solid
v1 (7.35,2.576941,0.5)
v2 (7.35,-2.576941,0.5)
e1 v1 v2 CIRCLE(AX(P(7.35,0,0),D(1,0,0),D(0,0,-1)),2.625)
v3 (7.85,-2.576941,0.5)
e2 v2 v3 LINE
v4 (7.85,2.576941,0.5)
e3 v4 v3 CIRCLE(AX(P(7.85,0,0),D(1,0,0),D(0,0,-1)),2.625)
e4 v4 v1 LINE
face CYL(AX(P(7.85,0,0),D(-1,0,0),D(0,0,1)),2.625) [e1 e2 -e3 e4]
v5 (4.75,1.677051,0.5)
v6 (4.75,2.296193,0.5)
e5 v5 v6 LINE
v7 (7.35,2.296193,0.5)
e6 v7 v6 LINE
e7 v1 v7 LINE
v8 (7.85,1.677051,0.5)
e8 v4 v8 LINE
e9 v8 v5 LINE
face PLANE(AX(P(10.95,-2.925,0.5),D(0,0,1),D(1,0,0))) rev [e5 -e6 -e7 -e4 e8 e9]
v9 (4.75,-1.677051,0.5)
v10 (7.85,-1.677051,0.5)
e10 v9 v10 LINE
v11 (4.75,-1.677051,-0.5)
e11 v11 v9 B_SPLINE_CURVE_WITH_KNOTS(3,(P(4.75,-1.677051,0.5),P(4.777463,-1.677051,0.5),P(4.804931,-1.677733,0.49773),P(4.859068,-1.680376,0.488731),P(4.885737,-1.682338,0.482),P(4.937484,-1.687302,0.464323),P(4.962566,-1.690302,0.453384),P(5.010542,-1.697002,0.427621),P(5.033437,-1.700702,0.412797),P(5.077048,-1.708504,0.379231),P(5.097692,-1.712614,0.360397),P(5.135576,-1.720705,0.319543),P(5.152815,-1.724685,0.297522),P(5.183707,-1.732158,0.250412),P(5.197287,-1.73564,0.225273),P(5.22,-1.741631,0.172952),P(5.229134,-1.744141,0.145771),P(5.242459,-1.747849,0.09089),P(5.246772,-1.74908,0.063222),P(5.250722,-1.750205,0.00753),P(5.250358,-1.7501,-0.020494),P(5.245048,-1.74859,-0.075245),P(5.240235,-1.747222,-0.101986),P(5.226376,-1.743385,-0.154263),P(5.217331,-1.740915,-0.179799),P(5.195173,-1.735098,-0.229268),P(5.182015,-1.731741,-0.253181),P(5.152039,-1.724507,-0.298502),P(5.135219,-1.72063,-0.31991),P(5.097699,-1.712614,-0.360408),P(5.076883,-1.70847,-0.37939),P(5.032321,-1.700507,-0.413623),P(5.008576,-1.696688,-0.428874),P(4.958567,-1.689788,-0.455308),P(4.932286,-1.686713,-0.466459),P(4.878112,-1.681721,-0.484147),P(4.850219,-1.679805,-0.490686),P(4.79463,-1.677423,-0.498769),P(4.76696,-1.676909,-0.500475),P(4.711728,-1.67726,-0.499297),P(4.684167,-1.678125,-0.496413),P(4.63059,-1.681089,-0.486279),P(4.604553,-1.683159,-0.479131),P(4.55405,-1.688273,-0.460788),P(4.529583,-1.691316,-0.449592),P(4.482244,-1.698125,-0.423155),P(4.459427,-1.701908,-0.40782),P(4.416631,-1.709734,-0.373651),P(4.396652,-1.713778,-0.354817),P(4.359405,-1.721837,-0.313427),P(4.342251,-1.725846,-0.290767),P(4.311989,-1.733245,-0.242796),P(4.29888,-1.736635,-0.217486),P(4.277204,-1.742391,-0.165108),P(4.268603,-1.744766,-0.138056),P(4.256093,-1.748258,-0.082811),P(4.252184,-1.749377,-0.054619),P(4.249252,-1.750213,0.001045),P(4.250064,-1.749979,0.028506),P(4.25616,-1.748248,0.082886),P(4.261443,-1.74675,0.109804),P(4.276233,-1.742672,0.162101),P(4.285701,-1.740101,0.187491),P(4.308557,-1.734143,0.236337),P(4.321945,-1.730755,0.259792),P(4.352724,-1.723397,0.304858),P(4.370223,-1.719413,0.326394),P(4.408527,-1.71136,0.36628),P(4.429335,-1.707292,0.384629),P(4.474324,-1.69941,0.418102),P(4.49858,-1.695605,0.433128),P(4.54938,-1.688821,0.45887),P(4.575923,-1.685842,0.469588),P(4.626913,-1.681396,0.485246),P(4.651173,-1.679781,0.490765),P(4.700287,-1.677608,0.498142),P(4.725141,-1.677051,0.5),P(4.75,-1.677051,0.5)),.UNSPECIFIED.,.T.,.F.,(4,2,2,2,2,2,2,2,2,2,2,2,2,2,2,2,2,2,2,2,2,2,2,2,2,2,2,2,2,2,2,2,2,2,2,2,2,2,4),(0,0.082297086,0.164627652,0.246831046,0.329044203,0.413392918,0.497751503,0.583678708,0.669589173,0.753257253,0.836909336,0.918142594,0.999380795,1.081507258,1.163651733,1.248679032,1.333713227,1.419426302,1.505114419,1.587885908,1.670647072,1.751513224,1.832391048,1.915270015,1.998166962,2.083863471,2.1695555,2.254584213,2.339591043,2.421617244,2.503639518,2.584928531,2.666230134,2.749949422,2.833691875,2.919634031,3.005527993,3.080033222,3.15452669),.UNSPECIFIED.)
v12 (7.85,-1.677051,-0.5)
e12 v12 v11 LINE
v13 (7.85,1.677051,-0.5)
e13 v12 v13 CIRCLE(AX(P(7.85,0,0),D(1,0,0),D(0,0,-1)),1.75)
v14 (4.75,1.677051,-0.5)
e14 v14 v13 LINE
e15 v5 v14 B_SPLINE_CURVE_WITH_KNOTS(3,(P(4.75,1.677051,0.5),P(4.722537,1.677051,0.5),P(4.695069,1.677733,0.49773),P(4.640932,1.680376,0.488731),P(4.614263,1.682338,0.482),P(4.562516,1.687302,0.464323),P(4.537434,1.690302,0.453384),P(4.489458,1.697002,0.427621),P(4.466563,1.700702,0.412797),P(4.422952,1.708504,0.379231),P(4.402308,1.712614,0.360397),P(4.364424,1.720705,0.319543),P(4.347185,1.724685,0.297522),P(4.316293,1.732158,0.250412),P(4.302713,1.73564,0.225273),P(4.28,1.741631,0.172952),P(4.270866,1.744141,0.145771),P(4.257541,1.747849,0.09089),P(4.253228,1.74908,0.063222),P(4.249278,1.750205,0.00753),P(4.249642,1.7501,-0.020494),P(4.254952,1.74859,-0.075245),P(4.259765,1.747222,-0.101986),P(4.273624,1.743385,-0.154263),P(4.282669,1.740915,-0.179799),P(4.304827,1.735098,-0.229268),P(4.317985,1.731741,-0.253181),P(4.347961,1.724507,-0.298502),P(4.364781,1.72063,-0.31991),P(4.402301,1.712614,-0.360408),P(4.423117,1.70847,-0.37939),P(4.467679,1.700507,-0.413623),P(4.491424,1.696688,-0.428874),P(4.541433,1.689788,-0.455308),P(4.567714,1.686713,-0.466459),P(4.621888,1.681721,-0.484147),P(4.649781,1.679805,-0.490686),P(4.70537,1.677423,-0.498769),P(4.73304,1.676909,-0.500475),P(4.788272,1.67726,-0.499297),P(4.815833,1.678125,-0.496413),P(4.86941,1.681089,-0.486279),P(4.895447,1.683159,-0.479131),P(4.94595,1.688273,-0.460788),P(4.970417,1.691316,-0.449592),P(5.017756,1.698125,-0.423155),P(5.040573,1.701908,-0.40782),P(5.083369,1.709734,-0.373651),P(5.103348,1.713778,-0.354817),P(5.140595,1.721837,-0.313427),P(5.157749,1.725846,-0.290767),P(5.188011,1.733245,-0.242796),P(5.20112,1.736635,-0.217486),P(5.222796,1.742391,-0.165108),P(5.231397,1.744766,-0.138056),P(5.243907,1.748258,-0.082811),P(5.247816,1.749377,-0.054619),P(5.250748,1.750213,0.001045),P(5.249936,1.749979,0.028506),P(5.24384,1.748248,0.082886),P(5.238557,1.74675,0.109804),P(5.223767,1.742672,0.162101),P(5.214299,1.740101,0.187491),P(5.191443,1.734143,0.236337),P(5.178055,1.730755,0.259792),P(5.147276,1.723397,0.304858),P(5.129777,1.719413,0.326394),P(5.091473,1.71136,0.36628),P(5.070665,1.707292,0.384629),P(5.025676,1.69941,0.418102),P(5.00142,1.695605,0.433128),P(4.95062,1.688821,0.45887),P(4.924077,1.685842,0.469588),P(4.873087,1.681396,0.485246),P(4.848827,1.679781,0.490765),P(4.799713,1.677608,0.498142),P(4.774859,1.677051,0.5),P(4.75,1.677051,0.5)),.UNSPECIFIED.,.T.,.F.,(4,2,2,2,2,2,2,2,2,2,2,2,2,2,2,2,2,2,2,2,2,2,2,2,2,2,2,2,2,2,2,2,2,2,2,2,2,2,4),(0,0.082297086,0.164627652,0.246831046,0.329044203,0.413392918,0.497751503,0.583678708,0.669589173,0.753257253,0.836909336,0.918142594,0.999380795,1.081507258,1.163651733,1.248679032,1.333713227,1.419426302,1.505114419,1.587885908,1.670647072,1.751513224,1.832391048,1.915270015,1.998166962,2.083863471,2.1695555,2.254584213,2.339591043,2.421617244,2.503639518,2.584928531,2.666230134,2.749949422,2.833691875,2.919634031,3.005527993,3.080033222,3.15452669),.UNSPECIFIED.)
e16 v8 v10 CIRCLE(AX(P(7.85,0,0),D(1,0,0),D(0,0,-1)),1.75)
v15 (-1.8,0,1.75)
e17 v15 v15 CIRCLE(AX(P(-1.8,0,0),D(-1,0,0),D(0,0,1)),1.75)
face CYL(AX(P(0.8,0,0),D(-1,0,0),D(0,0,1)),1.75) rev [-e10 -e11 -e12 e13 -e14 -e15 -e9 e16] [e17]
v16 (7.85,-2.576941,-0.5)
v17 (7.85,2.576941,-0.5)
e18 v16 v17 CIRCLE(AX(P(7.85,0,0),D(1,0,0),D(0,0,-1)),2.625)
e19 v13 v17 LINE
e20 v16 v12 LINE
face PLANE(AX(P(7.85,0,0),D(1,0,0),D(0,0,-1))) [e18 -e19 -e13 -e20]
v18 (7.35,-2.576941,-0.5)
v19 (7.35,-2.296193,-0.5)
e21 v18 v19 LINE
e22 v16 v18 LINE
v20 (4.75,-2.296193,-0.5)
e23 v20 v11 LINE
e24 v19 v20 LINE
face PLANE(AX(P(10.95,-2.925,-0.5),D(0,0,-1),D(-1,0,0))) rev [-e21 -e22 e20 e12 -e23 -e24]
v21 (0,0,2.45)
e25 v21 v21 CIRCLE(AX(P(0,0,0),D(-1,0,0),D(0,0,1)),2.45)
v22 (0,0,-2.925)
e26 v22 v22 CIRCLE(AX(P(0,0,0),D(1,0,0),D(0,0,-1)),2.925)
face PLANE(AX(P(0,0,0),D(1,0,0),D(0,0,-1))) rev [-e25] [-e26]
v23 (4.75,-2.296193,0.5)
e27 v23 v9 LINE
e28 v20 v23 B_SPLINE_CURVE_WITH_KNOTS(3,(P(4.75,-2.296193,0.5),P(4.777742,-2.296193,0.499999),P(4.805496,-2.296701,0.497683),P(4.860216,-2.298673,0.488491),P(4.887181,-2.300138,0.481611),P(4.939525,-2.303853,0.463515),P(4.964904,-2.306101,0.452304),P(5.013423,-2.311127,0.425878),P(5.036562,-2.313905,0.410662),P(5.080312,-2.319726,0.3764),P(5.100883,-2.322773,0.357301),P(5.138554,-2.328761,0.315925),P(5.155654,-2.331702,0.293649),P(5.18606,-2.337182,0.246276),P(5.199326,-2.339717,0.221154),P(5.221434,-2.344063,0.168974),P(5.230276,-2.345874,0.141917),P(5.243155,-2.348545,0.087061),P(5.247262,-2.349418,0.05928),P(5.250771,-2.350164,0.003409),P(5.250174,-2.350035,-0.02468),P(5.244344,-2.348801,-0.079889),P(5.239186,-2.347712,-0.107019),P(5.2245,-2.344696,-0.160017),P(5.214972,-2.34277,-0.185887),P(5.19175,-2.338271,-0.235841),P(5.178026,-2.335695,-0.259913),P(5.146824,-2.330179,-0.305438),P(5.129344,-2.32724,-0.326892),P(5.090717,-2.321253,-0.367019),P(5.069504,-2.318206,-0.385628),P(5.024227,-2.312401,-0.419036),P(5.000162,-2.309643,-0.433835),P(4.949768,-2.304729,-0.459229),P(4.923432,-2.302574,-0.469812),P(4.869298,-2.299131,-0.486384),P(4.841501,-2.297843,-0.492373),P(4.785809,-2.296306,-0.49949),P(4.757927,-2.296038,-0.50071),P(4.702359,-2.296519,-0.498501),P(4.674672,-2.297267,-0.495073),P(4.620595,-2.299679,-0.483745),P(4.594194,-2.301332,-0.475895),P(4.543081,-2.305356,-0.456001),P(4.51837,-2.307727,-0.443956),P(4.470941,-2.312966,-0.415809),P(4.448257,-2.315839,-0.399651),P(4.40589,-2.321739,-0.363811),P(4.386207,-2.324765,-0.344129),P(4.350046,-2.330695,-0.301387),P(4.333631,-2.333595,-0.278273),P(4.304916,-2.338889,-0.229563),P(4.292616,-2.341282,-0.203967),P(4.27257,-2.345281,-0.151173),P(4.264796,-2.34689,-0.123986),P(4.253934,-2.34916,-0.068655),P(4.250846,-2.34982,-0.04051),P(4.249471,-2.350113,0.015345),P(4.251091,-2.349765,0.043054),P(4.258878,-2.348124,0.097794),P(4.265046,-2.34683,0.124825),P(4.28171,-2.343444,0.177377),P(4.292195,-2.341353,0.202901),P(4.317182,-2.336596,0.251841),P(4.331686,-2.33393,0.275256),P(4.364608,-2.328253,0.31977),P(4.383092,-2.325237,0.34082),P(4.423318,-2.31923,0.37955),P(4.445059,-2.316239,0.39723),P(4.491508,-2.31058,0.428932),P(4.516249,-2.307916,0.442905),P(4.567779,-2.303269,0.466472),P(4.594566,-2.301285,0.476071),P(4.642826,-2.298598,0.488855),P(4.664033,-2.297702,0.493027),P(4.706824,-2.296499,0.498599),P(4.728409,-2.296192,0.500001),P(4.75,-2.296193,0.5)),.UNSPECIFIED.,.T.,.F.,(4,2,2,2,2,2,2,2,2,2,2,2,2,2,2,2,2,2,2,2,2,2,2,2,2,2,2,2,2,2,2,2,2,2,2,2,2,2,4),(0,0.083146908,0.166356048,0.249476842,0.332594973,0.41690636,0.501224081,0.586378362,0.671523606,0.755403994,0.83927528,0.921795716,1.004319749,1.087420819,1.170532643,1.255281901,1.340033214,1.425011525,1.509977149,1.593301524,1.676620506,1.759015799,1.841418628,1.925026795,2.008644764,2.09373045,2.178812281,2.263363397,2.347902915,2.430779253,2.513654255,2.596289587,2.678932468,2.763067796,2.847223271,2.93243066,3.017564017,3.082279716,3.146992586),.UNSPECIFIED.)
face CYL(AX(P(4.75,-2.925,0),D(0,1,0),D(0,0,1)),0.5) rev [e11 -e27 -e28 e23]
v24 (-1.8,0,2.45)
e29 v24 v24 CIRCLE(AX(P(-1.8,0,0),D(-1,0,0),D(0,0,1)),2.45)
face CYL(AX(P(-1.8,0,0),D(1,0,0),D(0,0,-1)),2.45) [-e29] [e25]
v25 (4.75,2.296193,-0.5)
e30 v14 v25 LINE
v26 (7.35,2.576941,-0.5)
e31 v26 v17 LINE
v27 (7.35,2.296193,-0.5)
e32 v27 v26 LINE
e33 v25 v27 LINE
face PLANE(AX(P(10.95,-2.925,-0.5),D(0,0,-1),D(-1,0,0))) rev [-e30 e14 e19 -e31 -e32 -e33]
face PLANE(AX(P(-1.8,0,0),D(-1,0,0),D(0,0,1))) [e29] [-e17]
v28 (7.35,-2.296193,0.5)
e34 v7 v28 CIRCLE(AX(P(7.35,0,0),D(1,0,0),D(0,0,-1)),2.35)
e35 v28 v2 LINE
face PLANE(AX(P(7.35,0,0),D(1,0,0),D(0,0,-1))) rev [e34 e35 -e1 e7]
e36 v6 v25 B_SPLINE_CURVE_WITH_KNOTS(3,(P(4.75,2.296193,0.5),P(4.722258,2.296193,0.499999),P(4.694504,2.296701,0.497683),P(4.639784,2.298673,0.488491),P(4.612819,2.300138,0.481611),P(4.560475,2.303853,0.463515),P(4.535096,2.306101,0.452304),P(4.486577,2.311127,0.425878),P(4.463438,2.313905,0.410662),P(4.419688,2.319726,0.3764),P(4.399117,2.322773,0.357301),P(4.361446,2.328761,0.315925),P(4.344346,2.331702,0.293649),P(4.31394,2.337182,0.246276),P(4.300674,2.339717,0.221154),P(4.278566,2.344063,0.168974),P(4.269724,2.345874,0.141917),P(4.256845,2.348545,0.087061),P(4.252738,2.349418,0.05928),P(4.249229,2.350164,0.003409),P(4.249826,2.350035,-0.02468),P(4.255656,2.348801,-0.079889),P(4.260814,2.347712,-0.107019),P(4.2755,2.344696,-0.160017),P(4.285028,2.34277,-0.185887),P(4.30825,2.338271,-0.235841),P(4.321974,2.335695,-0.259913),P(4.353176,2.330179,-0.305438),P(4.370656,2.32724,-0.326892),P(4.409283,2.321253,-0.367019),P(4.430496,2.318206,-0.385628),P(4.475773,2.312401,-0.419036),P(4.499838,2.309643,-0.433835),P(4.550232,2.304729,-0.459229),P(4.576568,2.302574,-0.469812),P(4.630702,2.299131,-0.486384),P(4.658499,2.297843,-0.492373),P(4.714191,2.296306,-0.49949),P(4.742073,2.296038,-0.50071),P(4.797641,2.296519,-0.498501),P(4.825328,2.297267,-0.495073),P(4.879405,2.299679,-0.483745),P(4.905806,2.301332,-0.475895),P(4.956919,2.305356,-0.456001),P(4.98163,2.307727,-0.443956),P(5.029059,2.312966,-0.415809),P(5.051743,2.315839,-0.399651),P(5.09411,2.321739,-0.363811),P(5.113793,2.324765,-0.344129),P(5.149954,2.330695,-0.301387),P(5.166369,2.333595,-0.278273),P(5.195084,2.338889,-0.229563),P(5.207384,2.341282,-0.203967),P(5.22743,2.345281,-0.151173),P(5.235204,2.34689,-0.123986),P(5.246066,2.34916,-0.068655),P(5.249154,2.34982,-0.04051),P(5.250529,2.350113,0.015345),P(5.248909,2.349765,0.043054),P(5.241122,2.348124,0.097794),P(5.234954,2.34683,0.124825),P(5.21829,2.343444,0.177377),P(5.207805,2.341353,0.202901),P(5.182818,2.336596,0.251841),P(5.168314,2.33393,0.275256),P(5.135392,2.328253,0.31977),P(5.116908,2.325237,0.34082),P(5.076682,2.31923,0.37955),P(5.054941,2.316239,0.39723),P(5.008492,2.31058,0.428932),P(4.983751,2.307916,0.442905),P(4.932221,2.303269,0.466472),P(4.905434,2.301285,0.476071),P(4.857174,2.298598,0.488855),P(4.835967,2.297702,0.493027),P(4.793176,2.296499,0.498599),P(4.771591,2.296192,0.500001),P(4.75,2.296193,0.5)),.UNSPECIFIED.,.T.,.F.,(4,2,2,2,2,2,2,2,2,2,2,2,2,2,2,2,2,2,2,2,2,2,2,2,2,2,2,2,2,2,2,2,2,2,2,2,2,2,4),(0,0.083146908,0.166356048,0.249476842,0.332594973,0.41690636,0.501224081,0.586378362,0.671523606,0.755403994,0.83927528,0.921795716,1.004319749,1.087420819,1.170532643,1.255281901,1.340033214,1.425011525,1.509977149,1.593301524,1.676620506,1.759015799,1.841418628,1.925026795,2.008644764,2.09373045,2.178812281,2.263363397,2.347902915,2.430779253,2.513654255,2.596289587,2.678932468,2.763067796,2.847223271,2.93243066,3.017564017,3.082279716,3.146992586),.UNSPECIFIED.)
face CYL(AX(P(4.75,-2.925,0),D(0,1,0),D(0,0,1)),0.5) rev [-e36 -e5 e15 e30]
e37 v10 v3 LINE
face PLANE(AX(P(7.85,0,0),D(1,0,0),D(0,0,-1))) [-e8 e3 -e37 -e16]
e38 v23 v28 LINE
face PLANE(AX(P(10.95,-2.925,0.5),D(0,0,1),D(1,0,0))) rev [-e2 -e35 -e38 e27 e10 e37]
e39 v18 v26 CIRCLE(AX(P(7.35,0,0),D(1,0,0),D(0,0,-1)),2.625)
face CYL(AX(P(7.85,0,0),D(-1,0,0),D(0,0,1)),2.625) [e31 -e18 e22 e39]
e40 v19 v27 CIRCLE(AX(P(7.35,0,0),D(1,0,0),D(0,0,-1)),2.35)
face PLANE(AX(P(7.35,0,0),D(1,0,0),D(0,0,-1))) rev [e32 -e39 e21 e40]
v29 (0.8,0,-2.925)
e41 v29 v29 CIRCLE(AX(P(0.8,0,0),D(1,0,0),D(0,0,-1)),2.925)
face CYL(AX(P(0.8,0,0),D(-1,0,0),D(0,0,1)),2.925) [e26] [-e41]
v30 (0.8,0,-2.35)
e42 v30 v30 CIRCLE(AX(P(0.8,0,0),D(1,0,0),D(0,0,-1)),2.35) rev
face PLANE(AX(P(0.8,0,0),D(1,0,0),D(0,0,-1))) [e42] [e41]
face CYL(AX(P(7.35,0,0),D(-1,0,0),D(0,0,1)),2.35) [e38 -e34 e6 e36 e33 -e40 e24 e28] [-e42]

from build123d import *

# Parameters (mm, degrees)
SKETCH1_R             = 2.925
SKETCH1_R_2           = 1.75
MIDDLE_RING_DEPTH     = 0.8
SKETCH2_R             = 2.35
SKETCH2_R_2           = 1.75
OUTER_BODY_DEPTH      = 7.35
SKETCH3_R             = 2.625
SKETCH3_R_2           = 1.75
OUTER_RIM_DEPTH       = 0.5
SIDE_SLOTS_DEPTH      = 9.873204044
SIDE_SLOTS_DEPTH_BACK = 9.873204044
STUD_START            = 1.8
SKETCH6_R             = 2.45
SKETCH6_R_2           = 1.75
STUD_DEPTH            = 1.8


with BuildPart() as part:
    # Sketch1 → Middle Ring (new body)
    with BuildSketch(Plane(origin=(0, 0, 0), x_dir=(0, 0, -1), z_dir=(1, 0, 0))):
        Circle(SKETCH1_R)
        Circle(SKETCH1_R_2, mode=Mode.SUBTRACT)
    extrude(amount=MIDDLE_RING_DEPTH)

    # Sketch2 → Outer Body (add)
    with BuildSketch(Plane(origin=(0, 0, 0), x_dir=(0, 0, -1), z_dir=(1, 0, 0))):
        Circle(SKETCH2_R)
        Circle(SKETCH2_R_2, mode=Mode.SUBTRACT)
    extrude(amount=OUTER_BODY_DEPTH)

    # Sketch3 → Outer Rim (add)
    with BuildSketch(Plane(origin=(7.35, 0, 0), x_dir=(0, 0, -1), z_dir=(1, 0, 0))):
        Circle(SKETCH3_R)
        Circle(SKETCH3_R_2, mode=Mode.SUBTRACT)
    extrude(amount=OUTER_RIM_DEPTH)

    # Sketch5 → Side Slots (cut, two sides: drawn at the far end of the back side and taken through both)
    with BuildSketch(Plane(origin=(0, 0, 0), x_dir=(1, 0, 0), z_dir=(0, 1, 0)).offset(-SIDE_SLOTS_DEPTH_BACK)):
        with BuildLine():
            Line((10.95, -0.5), (4.75, -0.5))
            ThreePointArc((4.75, -0.5), (4.25, 0), (4.75, 0.5))
            Line((4.75, 0.5), (10.95, 0.5))
            ThreePointArc((10.95, 0.5), (11.45, 0), (10.95, -0.5))
        make_face()
        with BuildLine():
            Line((-10.95, -0.5), (-4.75, -0.5))
            ThreePointArc((-4.75, -0.5), (-4.25, 0), (-4.75, 0.5))
            Line((-4.75, 0.5), (-10.95, 0.5))
            ThreePointArc((-10.95, 0.5), (-11.45, 0), (-10.95, -0.5))
        make_face()
    extrude(amount=SIDE_SLOTS_DEPTH + SIDE_SLOTS_DEPTH_BACK, mode=Mode.SUBTRACT)

    # Sketch6 → Stud (add)
    with BuildSketch(Plane.ZY.offset(STUD_START)):
        Circle(SKETCH6_R)
        Circle(SKETCH6_R_2, mode=Mode.SUBTRACT)
    extrude(amount=-STUD_DEPTH)


solid = part.part
